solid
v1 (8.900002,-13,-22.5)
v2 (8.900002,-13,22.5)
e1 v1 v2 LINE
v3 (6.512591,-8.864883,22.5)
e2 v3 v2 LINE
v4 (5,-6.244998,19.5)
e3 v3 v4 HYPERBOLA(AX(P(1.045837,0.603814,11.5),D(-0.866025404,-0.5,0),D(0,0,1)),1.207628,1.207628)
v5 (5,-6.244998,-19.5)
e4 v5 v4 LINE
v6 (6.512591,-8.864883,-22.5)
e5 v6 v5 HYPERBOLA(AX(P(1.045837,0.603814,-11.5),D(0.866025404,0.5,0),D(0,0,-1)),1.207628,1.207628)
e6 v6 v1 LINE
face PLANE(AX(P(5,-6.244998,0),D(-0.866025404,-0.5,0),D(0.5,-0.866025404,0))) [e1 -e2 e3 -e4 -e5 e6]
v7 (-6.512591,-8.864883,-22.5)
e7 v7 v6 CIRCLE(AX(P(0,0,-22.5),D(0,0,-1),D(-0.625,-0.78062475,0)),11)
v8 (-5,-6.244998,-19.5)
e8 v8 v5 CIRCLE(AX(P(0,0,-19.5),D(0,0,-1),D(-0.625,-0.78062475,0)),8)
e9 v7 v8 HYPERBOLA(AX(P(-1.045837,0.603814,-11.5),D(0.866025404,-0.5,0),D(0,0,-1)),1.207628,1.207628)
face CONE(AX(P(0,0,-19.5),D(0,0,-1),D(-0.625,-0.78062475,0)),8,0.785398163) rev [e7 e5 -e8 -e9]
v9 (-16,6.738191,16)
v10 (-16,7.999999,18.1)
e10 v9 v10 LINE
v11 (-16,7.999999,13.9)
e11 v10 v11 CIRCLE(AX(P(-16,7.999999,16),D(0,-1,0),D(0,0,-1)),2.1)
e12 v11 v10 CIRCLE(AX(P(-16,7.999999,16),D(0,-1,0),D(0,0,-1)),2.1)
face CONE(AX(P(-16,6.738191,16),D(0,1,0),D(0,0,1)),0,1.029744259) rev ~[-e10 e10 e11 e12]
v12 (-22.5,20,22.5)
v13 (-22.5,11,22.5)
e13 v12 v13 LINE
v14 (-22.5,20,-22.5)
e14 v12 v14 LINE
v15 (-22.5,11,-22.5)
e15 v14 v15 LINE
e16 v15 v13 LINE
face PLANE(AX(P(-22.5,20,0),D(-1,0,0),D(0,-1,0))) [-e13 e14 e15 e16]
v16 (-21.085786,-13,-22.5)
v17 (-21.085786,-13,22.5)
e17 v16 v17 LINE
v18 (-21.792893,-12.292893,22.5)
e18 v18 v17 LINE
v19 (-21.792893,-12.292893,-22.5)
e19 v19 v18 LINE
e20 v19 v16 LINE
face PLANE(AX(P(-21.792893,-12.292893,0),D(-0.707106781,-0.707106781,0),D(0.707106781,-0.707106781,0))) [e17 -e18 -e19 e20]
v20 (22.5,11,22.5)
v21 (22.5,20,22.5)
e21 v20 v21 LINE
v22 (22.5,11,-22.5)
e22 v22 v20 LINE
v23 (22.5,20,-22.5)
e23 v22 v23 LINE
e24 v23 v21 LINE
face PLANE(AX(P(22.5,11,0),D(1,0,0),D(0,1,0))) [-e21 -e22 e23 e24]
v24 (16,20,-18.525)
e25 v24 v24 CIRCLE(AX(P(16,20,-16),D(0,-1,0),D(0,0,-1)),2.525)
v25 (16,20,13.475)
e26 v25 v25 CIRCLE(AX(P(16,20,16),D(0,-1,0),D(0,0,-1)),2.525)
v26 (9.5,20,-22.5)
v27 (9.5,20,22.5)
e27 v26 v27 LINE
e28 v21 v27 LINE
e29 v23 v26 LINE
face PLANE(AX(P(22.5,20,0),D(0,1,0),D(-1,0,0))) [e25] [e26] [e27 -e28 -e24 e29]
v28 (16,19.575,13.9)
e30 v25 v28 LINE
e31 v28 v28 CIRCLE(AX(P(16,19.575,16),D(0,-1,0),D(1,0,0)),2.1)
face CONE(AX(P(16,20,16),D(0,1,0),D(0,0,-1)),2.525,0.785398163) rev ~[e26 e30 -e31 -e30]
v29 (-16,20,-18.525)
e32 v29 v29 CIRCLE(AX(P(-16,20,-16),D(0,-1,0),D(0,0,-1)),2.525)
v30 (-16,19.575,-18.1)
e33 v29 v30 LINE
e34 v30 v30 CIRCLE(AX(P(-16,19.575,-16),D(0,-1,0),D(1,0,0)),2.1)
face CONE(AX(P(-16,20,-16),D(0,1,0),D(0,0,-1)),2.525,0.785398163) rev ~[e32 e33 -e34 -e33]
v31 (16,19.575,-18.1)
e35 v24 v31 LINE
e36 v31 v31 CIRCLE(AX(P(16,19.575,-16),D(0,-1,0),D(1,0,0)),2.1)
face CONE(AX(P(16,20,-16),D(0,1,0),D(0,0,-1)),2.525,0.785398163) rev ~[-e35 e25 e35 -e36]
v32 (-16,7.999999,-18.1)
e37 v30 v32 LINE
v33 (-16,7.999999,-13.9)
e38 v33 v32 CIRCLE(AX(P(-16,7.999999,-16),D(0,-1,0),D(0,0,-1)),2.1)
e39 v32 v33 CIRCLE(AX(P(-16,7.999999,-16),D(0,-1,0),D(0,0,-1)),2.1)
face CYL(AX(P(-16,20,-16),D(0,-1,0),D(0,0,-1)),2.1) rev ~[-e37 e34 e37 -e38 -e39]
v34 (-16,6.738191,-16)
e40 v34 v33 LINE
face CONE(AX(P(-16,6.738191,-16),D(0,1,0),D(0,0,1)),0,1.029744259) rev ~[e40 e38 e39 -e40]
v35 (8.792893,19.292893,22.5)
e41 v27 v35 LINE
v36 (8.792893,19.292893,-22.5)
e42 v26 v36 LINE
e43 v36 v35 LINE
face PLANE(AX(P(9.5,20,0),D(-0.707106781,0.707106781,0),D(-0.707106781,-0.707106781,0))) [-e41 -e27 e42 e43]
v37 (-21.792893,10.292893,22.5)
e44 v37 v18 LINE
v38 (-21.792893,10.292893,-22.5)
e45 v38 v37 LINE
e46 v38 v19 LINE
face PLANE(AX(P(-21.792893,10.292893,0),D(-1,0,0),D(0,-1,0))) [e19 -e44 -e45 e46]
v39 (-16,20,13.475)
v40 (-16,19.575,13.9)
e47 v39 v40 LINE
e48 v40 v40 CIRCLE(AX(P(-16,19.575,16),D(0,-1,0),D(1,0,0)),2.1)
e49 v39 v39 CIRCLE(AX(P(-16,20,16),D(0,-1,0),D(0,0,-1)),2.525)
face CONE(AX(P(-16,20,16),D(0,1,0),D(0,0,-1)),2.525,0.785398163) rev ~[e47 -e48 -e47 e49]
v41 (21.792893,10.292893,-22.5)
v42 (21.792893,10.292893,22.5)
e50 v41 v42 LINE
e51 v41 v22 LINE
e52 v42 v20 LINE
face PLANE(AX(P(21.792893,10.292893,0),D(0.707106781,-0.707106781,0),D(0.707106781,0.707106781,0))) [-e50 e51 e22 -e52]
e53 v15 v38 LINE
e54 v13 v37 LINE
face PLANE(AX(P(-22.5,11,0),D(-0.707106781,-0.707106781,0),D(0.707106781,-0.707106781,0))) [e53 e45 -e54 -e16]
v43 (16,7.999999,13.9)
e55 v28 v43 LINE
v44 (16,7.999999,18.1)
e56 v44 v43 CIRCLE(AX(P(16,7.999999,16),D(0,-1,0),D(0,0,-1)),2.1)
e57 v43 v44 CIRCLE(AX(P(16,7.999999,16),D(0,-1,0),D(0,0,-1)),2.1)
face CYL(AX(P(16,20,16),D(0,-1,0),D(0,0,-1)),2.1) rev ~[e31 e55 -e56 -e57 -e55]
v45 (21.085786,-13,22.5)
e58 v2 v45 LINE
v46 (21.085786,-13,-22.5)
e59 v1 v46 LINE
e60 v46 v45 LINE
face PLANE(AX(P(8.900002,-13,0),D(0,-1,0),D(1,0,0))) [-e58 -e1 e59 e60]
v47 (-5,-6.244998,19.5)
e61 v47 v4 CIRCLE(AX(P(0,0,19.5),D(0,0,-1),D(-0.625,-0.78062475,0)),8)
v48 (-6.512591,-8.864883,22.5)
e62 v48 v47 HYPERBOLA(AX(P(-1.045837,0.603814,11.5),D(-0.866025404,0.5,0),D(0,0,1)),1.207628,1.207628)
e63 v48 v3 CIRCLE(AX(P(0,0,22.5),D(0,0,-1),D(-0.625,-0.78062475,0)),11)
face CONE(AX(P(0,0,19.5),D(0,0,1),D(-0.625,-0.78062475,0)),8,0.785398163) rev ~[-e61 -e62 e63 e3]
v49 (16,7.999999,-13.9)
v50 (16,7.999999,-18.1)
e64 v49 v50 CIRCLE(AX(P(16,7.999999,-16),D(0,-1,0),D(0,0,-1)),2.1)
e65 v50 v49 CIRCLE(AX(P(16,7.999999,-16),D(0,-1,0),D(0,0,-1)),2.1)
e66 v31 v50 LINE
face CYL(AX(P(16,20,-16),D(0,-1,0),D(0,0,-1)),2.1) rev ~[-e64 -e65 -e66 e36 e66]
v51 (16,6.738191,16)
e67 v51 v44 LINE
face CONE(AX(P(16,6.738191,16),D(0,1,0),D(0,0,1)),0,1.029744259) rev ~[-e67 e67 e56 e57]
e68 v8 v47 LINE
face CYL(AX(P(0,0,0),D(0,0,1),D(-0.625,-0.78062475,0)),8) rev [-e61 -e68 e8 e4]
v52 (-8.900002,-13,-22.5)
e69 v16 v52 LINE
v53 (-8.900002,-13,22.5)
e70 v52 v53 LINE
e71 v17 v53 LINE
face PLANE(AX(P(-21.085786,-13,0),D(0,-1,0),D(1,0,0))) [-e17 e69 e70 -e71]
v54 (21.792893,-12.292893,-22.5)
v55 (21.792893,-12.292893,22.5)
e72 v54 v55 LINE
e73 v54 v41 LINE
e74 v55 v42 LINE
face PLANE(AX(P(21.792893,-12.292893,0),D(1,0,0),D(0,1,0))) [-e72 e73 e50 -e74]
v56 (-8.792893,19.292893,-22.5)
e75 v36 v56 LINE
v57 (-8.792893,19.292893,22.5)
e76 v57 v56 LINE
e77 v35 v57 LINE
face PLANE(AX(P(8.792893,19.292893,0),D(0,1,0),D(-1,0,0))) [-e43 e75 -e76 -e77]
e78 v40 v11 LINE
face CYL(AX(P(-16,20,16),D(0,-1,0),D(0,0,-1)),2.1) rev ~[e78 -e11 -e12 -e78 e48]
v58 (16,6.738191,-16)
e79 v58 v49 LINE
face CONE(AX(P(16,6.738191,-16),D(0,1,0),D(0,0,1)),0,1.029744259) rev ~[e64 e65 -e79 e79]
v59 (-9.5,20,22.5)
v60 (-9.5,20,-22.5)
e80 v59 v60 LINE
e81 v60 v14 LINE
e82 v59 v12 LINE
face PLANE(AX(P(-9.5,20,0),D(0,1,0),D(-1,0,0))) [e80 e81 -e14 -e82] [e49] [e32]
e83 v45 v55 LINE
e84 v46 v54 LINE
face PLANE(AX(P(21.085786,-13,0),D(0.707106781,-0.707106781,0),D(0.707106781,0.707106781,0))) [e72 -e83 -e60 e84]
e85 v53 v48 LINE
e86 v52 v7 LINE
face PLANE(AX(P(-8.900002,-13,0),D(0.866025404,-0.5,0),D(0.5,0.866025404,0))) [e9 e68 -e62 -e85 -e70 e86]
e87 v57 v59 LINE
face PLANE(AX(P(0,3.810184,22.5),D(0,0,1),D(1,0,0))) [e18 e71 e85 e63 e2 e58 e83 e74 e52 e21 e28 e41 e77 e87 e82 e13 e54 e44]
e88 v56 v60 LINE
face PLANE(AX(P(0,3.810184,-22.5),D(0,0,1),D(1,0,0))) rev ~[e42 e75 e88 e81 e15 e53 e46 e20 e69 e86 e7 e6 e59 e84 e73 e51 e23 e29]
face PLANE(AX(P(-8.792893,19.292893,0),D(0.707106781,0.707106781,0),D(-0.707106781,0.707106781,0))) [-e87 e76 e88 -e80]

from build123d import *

# Parameters (mm, degrees)
BOSS_EXTRUDE1_DEPTH             = 22.5
M5X0_8_TAPPED_HOLE1_D           = 4.2
M5X0_8_TAPPED_HOLE1_DEPTH       = 12.0000014
M5X0_8_TAPPED_HOLE1_CSINK_D     = 5.05
M5X0_8_TAPPED_HOLE1_CSINK_ANGLE = 90
M5X0_8_TAPPED_HOLE1_TIP         = 1.2618073
CHAMFER1_SIZE                   = 3


with BuildPart() as part:
    # Sketch1 → Boss-Extrude1 (new body, symmetric)
    with BuildSketch(Plane.XY):
        with BuildLine():
            Line((-22.5, 20), (-22.5, 11))
            Line((-22.5, 11), (-21.792893219, 10.292893219))
            Line((-21.792893219, 10.292893219), (-21.792893219, -12.292893219))
            Line((-21.792893219, -12.292893219), (-21.085786438, -13))
            Line((-21.085786438, -13), (-8.900002224, -13))
            Line((-8.900002224, -13), (-5, -6.244997998))
            ThreePointArc((-5, -6.244997998), (0, 8), (5, -6.244997998))
            Line((5, -6.244997998), (8.900002224, -13))
            Line((8.900002224, -13), (21.085786438, -13))
            Line((21.085786438, -13), (21.792893219, -12.292893219))
            Line((21.792893219, -12.292893219), (21.792893219, 10.292893219))
            Line((21.792893219, 10.292893219), (22.5, 11))
            Line((22.5, 11), (22.5, 20))
            Line((22.5, 20), (9.5, 20))
            Line((9.5, 20), (8.792893219, 19.292893219))
            Line((8.792893219, 19.292893219), (-8.792893219, 19.292893219))
            Line((-8.792893219, 19.292893219), (-9.5, 20))
            Line((-9.5, 20), (-22.5, 20))
        make_face()
    extrude(amount=BOSS_EXTRUDE1_DEPTH, both=True)

    # M5x0.8 Tapped Hole1
    with Locations(Plane(origin=(16, 20, 16), x_dir=(0, 0, 1), z_dir=(0, 1, 0))):
        with Locations((0, 0), (-32, 0), (-32, -32), (0, -32)):
            CounterSinkHole(M5X0_8_TAPPED_HOLE1_D / 2, M5X0_8_TAPPED_HOLE1_CSINK_D / 2, depth=M5X0_8_TAPPED_HOLE1_DEPTH, counter_sink_angle=M5X0_8_TAPPED_HOLE1_CSINK_ANGLE)
            with Locations((0, 0, -(M5X0_8_TAPPED_HOLE1_DEPTH + M5X0_8_TAPPED_HOLE1_TIP / 2))):  # 118° drill point
                Cone(0, M5X0_8_TAPPED_HOLE1_D / 2, M5X0_8_TAPPED_HOLE1_TIP, mode=Mode.SUBTRACT)

    # Chamfer1
    chamfer1_edges = [part.edges().sort_by_distance(p)[0] for p in [
        (0, 8, -22.5),
        (0, 8, 22.5),
    ]]
    chamfer(chamfer1_edges, length=CHAMFER1_SIZE)


solid = part.part
